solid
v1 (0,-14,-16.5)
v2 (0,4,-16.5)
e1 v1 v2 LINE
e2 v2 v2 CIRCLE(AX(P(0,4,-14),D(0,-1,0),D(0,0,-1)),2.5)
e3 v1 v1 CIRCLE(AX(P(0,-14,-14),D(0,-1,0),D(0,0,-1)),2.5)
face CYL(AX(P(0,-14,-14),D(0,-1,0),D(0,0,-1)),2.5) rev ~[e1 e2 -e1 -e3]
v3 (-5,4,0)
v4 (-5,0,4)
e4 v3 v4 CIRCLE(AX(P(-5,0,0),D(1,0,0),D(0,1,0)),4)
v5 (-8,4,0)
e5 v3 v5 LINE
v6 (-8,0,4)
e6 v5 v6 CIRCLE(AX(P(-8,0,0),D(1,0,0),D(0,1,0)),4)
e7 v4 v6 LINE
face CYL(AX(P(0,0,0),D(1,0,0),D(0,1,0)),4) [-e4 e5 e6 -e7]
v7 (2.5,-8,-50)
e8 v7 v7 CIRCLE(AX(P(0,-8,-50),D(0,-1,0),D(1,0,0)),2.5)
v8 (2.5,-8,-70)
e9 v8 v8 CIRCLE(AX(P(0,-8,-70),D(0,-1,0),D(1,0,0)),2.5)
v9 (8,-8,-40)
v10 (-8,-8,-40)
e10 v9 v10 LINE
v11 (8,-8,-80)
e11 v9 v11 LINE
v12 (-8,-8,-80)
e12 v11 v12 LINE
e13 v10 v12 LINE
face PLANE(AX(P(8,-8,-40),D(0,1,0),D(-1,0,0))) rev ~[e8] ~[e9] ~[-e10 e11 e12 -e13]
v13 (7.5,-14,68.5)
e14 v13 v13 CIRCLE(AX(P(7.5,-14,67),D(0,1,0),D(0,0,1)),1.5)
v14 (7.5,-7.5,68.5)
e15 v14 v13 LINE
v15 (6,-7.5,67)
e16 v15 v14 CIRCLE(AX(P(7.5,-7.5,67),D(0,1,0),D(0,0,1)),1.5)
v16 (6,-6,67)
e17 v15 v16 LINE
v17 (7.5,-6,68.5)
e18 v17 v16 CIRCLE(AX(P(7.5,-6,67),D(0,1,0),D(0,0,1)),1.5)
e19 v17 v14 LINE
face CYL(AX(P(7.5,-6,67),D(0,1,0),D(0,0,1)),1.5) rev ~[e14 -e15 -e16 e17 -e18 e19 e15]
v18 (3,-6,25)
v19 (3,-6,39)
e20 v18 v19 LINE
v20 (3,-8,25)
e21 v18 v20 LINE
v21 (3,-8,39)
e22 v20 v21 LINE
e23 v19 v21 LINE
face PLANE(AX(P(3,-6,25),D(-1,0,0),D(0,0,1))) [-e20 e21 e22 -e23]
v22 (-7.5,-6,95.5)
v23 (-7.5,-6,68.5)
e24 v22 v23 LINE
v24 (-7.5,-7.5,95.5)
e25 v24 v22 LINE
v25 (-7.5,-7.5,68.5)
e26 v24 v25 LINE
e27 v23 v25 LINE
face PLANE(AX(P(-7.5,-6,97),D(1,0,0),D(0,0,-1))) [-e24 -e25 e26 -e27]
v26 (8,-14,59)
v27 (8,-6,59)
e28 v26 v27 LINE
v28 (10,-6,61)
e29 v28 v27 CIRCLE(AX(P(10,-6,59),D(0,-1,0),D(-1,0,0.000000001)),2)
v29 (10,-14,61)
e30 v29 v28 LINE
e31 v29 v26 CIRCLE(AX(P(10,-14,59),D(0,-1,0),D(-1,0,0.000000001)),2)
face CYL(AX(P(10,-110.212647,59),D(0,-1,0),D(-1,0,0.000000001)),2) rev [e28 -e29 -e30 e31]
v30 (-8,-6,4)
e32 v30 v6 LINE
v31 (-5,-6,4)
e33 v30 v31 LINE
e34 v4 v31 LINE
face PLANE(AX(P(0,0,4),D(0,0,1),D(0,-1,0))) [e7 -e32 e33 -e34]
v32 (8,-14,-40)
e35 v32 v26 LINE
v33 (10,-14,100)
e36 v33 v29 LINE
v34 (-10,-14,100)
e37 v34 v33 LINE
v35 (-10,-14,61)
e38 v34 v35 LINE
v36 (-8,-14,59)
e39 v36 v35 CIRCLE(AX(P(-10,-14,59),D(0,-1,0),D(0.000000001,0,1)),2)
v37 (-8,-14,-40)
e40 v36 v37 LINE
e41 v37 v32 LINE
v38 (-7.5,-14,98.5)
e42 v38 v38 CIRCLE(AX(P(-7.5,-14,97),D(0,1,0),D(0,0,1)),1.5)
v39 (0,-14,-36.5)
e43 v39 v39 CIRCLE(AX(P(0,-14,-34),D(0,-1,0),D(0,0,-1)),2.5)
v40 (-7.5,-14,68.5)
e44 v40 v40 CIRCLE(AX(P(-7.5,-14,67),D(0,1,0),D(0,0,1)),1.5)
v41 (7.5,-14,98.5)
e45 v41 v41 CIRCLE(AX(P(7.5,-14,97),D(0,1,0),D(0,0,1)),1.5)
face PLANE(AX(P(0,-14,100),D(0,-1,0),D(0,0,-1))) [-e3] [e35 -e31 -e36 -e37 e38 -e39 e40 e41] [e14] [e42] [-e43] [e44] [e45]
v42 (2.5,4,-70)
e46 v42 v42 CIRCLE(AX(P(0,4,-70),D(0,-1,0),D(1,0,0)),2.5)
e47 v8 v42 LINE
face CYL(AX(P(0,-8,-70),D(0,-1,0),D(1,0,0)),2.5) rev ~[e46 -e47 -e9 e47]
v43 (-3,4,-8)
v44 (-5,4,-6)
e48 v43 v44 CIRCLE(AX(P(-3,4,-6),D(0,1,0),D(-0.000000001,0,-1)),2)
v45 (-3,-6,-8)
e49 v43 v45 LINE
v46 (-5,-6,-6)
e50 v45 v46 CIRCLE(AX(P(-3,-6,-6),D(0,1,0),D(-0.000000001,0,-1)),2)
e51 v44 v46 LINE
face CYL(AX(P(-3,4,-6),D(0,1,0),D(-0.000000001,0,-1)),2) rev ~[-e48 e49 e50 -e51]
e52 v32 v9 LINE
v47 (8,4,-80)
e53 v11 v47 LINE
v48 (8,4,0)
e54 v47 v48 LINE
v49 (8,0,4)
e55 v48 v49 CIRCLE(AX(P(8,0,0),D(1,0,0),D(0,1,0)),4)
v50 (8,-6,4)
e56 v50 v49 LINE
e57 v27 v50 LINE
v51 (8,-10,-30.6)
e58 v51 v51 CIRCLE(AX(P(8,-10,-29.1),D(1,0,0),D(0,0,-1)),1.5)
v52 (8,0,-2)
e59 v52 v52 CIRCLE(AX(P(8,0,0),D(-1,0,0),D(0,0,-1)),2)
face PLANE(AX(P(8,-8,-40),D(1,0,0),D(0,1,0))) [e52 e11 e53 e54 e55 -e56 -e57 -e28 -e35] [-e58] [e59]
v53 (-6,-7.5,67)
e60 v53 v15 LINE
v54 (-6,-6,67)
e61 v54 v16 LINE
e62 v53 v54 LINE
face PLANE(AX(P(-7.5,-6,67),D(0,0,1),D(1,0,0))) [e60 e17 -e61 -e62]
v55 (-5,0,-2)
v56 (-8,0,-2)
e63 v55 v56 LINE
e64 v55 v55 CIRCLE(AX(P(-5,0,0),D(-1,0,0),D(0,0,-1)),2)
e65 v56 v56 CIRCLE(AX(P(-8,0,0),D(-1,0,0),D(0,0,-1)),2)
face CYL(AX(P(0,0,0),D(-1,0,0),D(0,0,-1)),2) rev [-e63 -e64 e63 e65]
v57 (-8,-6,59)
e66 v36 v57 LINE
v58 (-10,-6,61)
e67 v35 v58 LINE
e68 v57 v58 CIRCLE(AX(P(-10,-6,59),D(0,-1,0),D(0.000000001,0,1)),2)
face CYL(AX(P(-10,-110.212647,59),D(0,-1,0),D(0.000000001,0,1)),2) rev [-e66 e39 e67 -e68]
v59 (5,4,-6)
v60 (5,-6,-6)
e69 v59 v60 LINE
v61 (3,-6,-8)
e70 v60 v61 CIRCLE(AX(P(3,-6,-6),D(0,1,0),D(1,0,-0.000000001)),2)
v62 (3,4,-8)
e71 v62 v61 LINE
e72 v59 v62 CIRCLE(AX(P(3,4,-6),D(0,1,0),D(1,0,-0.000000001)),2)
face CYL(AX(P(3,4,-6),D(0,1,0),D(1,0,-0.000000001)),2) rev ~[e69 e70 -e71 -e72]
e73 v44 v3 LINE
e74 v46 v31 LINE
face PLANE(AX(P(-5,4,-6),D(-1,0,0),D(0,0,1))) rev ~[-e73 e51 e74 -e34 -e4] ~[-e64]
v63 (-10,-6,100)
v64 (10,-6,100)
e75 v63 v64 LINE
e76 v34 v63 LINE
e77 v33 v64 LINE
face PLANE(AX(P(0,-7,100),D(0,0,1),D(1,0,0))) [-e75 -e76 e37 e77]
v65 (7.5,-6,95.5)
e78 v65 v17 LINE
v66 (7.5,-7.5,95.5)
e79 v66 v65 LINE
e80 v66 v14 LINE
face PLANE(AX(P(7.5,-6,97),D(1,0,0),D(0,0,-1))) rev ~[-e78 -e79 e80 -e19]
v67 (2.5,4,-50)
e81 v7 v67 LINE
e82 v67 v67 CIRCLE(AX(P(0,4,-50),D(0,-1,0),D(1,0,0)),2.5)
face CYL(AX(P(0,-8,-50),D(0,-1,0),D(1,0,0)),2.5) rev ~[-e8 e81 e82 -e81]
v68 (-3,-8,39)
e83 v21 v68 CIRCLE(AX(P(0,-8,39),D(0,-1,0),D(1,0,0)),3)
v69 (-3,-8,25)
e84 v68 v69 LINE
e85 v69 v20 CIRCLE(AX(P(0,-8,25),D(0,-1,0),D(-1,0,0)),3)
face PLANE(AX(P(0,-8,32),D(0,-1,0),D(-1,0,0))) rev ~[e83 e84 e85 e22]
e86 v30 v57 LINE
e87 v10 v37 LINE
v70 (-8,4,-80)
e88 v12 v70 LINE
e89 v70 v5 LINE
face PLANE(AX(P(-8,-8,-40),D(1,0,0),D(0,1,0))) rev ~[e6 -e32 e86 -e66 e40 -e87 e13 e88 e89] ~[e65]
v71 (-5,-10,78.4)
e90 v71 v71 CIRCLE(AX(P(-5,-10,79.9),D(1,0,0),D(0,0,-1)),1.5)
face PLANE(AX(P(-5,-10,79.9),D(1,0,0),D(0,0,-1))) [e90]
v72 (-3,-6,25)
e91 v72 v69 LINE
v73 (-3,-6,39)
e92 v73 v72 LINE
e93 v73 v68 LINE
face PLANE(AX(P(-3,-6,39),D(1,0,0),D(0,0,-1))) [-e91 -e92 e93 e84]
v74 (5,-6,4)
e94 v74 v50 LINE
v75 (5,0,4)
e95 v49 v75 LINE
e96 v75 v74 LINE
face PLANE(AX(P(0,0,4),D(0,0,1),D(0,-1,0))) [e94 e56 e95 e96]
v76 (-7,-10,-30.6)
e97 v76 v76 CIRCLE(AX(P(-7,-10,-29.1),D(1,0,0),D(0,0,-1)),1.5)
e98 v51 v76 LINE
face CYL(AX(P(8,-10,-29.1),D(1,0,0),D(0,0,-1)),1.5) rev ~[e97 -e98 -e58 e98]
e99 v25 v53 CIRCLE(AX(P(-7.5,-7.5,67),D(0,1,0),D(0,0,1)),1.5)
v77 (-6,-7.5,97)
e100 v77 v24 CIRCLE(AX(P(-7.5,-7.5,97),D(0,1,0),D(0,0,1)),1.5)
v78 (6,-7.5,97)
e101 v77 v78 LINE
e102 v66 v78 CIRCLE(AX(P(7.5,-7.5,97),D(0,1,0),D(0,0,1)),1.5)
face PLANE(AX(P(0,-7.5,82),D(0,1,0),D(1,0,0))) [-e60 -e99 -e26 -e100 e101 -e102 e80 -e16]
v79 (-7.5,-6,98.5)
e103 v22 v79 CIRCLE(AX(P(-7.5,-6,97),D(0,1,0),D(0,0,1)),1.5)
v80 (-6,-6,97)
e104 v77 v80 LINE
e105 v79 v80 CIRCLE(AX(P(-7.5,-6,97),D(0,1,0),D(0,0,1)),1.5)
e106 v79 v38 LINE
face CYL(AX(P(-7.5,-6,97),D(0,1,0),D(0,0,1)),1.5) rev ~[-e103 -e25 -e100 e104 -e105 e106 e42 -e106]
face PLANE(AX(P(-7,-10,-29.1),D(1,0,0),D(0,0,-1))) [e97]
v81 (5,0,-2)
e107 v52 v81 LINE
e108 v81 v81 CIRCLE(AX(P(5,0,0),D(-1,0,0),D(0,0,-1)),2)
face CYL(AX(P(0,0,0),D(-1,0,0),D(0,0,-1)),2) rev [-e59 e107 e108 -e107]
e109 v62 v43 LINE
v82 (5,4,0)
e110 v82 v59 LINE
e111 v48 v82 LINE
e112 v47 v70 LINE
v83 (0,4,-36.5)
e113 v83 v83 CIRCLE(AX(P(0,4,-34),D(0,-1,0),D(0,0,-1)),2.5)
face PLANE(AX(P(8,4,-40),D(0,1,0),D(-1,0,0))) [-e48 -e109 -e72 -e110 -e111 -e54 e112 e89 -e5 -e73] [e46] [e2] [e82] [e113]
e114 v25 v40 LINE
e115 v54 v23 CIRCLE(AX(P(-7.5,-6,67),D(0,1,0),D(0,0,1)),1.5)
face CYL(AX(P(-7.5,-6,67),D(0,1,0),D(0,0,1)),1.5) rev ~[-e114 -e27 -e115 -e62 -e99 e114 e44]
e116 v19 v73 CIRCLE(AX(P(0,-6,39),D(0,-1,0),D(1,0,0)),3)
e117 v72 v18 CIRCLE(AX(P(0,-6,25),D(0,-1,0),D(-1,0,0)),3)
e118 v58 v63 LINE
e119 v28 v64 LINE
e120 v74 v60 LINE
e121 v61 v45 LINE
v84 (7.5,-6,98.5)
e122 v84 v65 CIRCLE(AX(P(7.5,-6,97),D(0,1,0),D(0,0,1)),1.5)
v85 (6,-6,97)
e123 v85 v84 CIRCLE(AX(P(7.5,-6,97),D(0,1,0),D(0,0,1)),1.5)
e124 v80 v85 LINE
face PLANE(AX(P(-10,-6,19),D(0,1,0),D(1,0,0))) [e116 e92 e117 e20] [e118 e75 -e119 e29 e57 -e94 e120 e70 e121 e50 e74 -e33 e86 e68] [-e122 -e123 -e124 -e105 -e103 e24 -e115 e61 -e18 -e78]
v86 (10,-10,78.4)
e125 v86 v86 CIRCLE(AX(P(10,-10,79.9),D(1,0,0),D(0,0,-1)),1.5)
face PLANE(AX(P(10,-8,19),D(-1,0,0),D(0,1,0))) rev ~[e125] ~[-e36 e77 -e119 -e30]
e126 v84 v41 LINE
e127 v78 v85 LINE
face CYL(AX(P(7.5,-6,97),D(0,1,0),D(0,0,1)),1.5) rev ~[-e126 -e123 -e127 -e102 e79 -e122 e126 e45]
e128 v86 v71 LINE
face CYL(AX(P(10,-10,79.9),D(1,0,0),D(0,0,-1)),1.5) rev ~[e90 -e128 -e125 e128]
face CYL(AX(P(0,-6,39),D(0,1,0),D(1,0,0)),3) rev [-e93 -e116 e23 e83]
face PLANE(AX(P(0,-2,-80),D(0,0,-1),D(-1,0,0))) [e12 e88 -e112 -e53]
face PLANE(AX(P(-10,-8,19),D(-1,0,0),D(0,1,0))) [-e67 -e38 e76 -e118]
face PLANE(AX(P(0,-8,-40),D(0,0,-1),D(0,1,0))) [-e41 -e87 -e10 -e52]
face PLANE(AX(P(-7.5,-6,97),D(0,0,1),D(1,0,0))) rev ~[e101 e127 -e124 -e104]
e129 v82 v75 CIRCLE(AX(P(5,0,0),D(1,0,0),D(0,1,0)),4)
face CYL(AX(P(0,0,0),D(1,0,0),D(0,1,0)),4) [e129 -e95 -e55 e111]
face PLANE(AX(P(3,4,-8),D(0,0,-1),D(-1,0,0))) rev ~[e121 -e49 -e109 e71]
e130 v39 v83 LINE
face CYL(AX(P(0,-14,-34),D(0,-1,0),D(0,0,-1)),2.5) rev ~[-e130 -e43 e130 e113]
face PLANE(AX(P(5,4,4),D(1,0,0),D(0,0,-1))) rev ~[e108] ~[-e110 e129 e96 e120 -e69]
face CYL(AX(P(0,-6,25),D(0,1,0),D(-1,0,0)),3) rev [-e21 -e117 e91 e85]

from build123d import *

# Parameters (mm, degrees)
SKETCH1_W               = 140
SKETCH1_H               = 6
BOSS_EXTRUDE1_DEPTH     = 10
SKETCH2_R               = 2
BOSS_EXTRUDE2_DEPTH     = 10
SKETCH6_W               = 2
SKETCH6_H               = 12
CUT_EXTRUDE3_DEPTH      = 98.529482722
CUT_EXTRUDE4_DEPTH      = 10
SKETCH8_W               = 16
SKETCH8_H               = 2
BOSS_EXTRUDE3_DEPTH     = 15
SKETCH9_W               = 20
SKETCH9_H               = 2
BOSS_EXTRUDE4_DEPTH     = 81
CUT_EXTRUDE6_DEPTH      = 102.212647431
CUT_EXTRUDE6_DEPTH_BACK = 102.212647431
SKETCH12_W              = 16
SKETCH12_H              = 12
BOSS_EXTRUDE5_DEPTH     = 40
SKETCH13_R              = 1.5
CUT_EXTRUDE7_DEPTH      = 101.995049384
SKETCH14_W              = 15
SKETCH14_H              = 30
CUT_EXTRUDE8_DEPTH      = 1.5
CUT_EXTRUDE9_DEPTH      = 2
SKETCH16_R              = 2.5
CUT_EXTRUDE10_DEPTH     = 103.097992145
SKETCH17_R              = 2.5
CUT_EXTRUDE11_DEPTH     = 102.212647431
SKETCH18_R              = 1.5
CUT_EXTRUDE12_DEPTH     = 15
SKETCH19_R              = 1.5
CUT_EXTRUDE13_DEPTH     = 15


with BuildPart() as part:
    # Sketch1 → Boss-Extrude1 (new, symmetric)
    with BuildSketch(Plane(origin=(0, 0, 0), x_dir=(0, 0, -1), z_dir=(1, 0, 0))):
        with Locations((-30, -11)):
            Rectangle(SKETCH1_W, SKETCH1_H)
    extrude(amount=BOSS_EXTRUDE1_DEPTH, both=True)

    # Sketch2 → Boss-Extrude2 (add, symmetric)
    with BuildSketch(Plane(origin=(0, 0, 0), x_dir=(0, 0, -1), z_dir=(1, 0, 0))):
        with BuildLine():
            Line((-4, -8), (4, -8))
            Line((4, -8), (40, -8))
            Line((40, -8), (40, 4))
            Line((40, 4), (0, 4))
            ThreePointArc((0, 4), (-2.828427125, 2.828427125), (-4, 0))
            Line((-4, 0), (-4, -8))
        make_face()
        Circle(SKETCH2_R, mode=Mode.SUBTRACT)
    extrude(amount=BOSS_EXTRUDE2_DEPTH, both=True)

    # Sketch6 → Cut-Extrude3 (cut, through all)
    with BuildSketch(Plane.XY.offset(4)):
        with Locations((-9, -2)):
            Rectangle(SKETCH6_W, SKETCH6_H)
        with Locations((9, -2)):
            Rectangle(SKETCH6_W, SKETCH6_H)
    extrude(amount=-CUT_EXTRUDE3_DEPTH, mode=Mode.SUBTRACT)

    # Sketch7 → Cut-Extrude4 (cut)
    with BuildSketch(Plane(origin=(0, 4, 0), x_dir=(1, 0, 0), z_dir=(0, 1, 0))):
        with BuildLine():
            Line((-5, -4), (5, -4))
            Line((5, -4), (5, 6))
            ThreePointArc((5, 6), (4.414213562, 7.414213562), (3, 8))
            Line((3, 8), (-3, 8))
            ThreePointArc((-3, 8), (-4.414213562, 7.414213562), (-5, 6))
            Line((-5, 6), (-5, -4))
        make_face()
    extrude(amount=-CUT_EXTRUDE4_DEPTH, mode=Mode.SUBTRACT)

    # Sketch8 → Boss-Extrude3 (add)
    with BuildSketch(Plane.XY.offset(4)):
        with Locations((0, -7)):
            Rectangle(SKETCH8_W, SKETCH8_H)
    extrude(amount=BOSS_EXTRUDE3_DEPTH)

    # Sketch9 → Boss-Extrude4 (add)
    with BuildSketch(Plane.XY.offset(19)):
        with Locations((0, -7)):
            Rectangle(SKETCH9_W, SKETCH9_H)
    extrude(amount=BOSS_EXTRUDE4_DEPTH)

    # Sketch11 → Cut-Extrude6 (cut, two sides: drawn at the far end of the back side and taken through both)
    with BuildSketch(Plane(origin=(0, -8, 0), x_dir=(1, 0, 0), z_dir=(0, 1, 0)).offset(-CUT_EXTRUDE6_DEPTH_BACK)):
        with BuildLine():
            Line((-10, -59), (-10, -61))
            ThreePointArc((-10, -61), (-8.585786438, -60.414213562), (-8, -59))
            Line((-8, -59), (-8, 40))
            Line((-8, 40), (-10, 40))
            Line((-10, 40), (-10, -59))
        make_face()
        with BuildLine():
            Line((10, 40), (8, 40))
            Line((8, 40), (8, -59))
            ThreePointArc((8, -59), (8.585786438, -60.414213562), (10, -61))
            Line((10, -61), (10, -59))
            Line((10, -59), (10, 40))
        make_face()
    extrude(amount=CUT_EXTRUDE6_DEPTH + CUT_EXTRUDE6_DEPTH_BACK, mode=Mode.SUBTRACT)

    # Sketch12 → Boss-Extrude5 (add)
    with BuildSketch(Plane(origin=(0, 0, -40), x_dir=(-1, 0, 0), z_dir=(0, 0, -1))):
        with Locations((0, -2)):
            Rectangle(SKETCH12_W, SKETCH12_H)
    extrude(amount=BOSS_EXTRUDE5_DEPTH)

    # Sketch13 → Cut-Extrude7 (cut, through all)
    with BuildSketch(Plane(origin=(0, -6, 0), x_dir=(1, 0, 0), z_dir=(0, 1, 0))):
        with Locations(Location((7.5, -97, 0), (0, 0, 270))):
            Circle(SKETCH13_R)
        with Locations(Location((7.5, -67, 0), (0, 0, 270))):
            Circle(SKETCH13_R)
        with Locations(Location((-7.5, -67, 0), (0, 0, 270))):
            Circle(SKETCH13_R)
        with Locations(Location((-7.5, -97, 0), (0, 0, 270))):
            Circle(SKETCH13_R)
    extrude(amount=-CUT_EXTRUDE7_DEPTH, mode=Mode.SUBTRACT)

    # Sketch14 → Cut-Extrude8 (cut)
    with BuildSketch(Plane(origin=(0, -6, 0), x_dir=(1, 0, 0), z_dir=(0, 1, 0))):
        with Locations((0, -82)):
            Rectangle(SKETCH14_W, SKETCH14_H)
    extrude(amount=-CUT_EXTRUDE8_DEPTH, mode=Mode.SUBTRACT)

    # Sketch15 → Cut-Extrude9 (cut)
    with BuildSketch(Plane(origin=(0, -6, 0), x_dir=(1, 0, 0), z_dir=(0, 1, 0))):
        with BuildLine():
            Line((3, -25), (3, -39))
            ThreePointArc((3, -39), (0, -42), (-3, -39))
            Line((-3, -39), (-3, -25))
            ThreePointArc((-3, -25), (0, -22), (3, -25))
        make_face()
    extrude(amount=-CUT_EXTRUDE9_DEPTH, mode=Mode.SUBTRACT)

    # Sketch16 → Cut-Extrude10 (cut, through all)
    with BuildSketch(Plane.XZ.offset(14)):
        with Locations(Location((0, -34, 0), (0, 0, 270))):
            Circle(SKETCH16_R)
        with Locations(Location((0, -14, 0), (0, 0, 270))):
            Circle(SKETCH16_R)
    extrude(amount=-CUT_EXTRUDE10_DEPTH, mode=Mode.SUBTRACT)

    # Sketch17 → Cut-Extrude11 (cut, through all)
    with BuildSketch(Plane.XZ.offset(8)):
        with Locations((0, -70)):
            Circle(SKETCH17_R)
        with Locations((0, -50)):
            Circle(SKETCH17_R)
    extrude(amount=-CUT_EXTRUDE11_DEPTH, mode=Mode.SUBTRACT)

    # Sketch18 → Cut-Extrude12 (cut)
    with BuildSketch(Plane(origin=(8, 0, 0), x_dir=(0, 0, -1), z_dir=(1, 0, 0))):
        with Locations((29.1, -10)):
            Circle(SKETCH18_R)
    extrude(amount=-CUT_EXTRUDE12_DEPTH, mode=Mode.SUBTRACT)

    # Sketch19 → Cut-Extrude13 (cut)
    with BuildSketch(Plane(origin=(10, 0, 0), x_dir=(0, 0, -1), z_dir=(1, 0, 0))):
        with Locations((-79.9, -10)):
            Circle(SKETCH19_R)
    extrude(amount=-CUT_EXTRUDE13_DEPTH, mode=Mode.SUBTRACT)


solid = part.part
